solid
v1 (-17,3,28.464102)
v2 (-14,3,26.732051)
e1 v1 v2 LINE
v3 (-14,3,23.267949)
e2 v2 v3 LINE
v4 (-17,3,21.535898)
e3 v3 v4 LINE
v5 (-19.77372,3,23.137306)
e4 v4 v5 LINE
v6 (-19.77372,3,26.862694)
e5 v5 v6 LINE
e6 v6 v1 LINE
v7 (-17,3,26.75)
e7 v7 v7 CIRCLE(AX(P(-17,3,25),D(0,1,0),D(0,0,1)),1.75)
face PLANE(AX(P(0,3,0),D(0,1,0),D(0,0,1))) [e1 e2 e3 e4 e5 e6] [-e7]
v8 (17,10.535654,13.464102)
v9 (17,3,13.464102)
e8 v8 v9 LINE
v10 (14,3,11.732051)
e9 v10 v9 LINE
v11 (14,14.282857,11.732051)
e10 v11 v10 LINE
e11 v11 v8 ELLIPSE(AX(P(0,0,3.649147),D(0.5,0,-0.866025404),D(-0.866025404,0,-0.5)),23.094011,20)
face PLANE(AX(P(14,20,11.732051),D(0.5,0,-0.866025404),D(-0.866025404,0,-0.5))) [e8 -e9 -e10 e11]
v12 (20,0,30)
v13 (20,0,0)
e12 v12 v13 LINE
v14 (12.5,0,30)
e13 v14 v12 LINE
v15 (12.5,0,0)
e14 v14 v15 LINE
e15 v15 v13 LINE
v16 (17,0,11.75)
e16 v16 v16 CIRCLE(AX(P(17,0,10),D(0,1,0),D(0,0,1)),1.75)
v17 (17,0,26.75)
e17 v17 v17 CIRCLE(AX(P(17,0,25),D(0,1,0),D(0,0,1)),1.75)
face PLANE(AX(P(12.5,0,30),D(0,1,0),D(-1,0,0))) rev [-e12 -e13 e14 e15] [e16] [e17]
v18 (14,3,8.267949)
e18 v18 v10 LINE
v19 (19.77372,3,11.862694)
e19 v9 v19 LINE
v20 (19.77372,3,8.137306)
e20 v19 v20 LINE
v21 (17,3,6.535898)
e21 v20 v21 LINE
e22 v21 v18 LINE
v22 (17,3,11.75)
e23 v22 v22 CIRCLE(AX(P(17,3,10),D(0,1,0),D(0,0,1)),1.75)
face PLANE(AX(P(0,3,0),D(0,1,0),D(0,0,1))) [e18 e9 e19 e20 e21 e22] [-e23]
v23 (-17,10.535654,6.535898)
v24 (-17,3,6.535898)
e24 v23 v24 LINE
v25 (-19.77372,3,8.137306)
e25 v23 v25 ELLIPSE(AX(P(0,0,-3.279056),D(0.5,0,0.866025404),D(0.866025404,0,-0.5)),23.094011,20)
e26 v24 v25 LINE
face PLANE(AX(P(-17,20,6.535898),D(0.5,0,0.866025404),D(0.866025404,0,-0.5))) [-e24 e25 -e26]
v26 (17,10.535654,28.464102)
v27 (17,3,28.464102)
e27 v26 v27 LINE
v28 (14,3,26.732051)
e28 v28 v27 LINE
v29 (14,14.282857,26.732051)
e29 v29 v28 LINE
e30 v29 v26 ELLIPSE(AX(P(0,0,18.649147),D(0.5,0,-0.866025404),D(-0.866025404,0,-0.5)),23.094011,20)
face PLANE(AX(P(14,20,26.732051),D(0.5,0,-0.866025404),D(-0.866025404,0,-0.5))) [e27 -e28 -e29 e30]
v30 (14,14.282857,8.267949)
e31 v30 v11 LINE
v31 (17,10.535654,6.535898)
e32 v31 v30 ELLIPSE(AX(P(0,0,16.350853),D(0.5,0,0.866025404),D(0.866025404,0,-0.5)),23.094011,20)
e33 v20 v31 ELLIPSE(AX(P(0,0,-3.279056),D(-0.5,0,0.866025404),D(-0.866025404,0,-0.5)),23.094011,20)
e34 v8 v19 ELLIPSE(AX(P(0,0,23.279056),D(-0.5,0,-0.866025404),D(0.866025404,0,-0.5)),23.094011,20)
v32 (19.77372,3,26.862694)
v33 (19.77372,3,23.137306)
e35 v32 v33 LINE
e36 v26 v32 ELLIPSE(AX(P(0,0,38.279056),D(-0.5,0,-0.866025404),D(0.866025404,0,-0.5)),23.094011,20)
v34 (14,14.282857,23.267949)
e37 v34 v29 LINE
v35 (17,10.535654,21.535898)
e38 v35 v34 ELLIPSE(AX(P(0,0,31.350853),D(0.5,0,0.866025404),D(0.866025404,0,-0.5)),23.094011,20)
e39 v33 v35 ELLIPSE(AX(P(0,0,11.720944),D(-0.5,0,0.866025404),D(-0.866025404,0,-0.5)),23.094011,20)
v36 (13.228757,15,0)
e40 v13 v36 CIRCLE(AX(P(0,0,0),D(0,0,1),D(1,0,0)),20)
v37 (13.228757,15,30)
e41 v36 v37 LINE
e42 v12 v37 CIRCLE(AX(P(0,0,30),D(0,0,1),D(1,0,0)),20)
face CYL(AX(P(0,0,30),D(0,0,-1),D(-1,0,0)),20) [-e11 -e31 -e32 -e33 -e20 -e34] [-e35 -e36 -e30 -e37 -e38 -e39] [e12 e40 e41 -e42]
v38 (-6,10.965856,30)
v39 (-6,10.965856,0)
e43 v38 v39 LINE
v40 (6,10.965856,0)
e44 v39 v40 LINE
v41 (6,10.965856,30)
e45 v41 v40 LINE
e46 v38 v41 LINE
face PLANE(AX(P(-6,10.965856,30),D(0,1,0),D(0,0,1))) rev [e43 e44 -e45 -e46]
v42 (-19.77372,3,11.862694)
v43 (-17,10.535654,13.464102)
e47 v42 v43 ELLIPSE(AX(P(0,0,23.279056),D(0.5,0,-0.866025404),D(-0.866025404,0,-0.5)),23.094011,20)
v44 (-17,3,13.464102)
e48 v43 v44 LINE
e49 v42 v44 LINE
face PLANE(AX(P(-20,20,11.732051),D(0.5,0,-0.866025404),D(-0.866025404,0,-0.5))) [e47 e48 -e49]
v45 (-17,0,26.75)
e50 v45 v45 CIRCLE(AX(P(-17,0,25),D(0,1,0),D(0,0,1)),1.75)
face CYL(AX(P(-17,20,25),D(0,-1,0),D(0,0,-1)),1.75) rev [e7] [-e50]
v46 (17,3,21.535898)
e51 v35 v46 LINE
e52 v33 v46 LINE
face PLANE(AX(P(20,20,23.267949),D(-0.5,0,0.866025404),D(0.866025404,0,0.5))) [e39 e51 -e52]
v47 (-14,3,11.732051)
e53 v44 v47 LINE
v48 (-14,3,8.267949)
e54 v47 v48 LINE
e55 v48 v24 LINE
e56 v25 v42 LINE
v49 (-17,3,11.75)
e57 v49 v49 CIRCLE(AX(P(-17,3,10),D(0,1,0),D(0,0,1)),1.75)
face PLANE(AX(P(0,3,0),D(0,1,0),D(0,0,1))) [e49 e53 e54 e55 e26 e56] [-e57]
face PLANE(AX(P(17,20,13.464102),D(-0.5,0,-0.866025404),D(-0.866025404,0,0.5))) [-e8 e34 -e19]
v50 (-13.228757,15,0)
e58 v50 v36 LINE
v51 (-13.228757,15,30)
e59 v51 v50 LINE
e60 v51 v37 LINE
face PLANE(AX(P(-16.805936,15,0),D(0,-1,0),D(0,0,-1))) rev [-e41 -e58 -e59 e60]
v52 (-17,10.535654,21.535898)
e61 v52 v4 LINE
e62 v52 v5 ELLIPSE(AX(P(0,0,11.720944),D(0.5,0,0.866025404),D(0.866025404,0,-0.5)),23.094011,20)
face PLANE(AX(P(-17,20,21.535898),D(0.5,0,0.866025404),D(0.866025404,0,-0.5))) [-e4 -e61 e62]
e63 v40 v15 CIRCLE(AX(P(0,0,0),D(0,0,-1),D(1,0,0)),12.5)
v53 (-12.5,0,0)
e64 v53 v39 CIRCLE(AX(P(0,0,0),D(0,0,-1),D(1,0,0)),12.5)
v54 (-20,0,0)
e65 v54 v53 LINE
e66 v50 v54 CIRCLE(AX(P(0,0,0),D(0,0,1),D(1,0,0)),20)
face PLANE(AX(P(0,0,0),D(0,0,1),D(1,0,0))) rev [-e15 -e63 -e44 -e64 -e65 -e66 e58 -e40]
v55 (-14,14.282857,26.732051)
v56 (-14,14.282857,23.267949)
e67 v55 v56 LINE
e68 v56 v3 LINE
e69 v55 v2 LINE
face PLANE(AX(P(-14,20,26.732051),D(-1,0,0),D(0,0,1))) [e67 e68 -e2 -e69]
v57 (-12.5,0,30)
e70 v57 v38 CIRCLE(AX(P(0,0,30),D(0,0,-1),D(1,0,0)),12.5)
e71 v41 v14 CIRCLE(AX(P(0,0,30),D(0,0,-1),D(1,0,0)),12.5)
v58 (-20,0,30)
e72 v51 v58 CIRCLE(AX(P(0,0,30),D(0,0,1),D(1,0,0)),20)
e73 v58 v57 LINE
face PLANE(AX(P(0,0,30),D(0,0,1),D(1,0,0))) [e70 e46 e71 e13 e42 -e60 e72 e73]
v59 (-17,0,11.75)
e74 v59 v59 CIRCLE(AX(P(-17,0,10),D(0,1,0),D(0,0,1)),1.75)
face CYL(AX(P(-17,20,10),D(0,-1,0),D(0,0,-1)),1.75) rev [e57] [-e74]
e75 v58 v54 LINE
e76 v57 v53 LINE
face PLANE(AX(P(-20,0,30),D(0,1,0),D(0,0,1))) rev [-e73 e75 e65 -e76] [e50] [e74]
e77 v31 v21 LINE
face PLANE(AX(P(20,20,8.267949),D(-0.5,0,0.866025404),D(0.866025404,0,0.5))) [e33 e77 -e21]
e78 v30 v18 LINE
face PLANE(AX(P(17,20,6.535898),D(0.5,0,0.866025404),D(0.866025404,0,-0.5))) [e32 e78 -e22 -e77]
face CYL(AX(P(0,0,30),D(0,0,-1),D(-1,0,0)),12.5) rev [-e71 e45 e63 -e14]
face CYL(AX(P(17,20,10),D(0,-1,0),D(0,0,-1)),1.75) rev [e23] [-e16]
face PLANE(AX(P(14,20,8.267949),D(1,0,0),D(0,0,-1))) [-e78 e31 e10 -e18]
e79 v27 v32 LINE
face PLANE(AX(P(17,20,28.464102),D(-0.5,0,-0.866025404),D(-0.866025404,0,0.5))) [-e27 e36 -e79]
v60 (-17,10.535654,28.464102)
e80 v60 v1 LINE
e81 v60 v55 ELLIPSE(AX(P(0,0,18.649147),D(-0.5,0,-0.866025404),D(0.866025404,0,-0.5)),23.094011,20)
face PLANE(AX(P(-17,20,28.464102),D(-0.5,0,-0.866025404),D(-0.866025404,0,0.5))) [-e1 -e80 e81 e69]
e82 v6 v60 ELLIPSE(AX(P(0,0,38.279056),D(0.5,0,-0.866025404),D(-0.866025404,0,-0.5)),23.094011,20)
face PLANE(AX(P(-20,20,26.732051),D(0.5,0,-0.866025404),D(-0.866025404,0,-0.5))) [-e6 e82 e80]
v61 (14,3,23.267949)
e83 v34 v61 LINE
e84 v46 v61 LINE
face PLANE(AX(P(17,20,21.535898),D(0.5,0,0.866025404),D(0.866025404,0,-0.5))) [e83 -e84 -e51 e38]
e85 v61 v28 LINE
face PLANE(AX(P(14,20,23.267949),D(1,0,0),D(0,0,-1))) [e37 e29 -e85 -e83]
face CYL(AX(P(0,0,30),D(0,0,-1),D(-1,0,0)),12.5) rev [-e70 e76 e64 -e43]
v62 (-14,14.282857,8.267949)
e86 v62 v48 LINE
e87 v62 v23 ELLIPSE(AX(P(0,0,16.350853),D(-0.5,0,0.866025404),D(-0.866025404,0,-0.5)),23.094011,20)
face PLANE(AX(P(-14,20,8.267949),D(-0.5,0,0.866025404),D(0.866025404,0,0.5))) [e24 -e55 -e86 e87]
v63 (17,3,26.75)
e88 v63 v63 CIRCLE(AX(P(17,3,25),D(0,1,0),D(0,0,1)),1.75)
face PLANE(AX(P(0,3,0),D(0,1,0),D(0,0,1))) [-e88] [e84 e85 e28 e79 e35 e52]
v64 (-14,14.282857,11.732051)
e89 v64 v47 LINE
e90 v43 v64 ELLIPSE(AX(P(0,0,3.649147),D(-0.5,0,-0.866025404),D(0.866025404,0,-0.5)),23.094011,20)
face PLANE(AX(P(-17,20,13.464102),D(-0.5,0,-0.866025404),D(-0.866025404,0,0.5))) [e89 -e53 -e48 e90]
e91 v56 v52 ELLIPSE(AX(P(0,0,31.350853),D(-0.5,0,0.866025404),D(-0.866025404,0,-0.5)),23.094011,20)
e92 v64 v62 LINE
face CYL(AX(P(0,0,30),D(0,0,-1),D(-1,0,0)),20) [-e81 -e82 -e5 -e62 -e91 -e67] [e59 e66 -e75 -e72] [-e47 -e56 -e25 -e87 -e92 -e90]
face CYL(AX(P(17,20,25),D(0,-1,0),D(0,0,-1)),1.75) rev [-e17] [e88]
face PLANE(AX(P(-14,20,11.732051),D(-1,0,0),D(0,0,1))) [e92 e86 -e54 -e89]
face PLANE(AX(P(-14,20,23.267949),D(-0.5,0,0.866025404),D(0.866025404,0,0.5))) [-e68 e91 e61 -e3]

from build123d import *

# Parameters (mm, degrees)
BOSS_EXTRUDE1_DEPTH = 30
SKETCH2_R           = 1.75
CUT_EXTRUDE2_DEPTH  = 42.231056256
CUT_EXTRUDE3_DEPTH  = 40.862263024
SKETCH5_W           = 33.611871568
SKETCH5_H           = 10
CUT_EXTRUDE4_DEPTH  = 42.231056256


with BuildPart() as part:
    # Sketch1 → Boss-Extrude1 (new body)
    with BuildSketch(Plane.XY):
        with BuildLine():
            Line((-20, 0), (-12.5, 0))
            ThreePointArc((-12.5, 0), (-10.752906584, 6.373774392), (-6, 10.9658561))
            Line((-6, 10.9658561), (6, 10.9658561))
            ThreePointArc((6, 10.9658561), (10.752906584, 6.373774392), (12.5, 0))
            Line((12.5, 0), (20, 0))
            ThreePointArc((20, 0), (0, 20), (-20, 0))
        make_face()
    extrude(amount=BOSS_EXTRUDE1_DEPTH)

    # Sketch2 → Cut-Extrude2 (cut, through all)
    with BuildSketch(Plane(origin=(0, 0, 0), x_dir=(1, 0, 0), z_dir=(0, 1, 0))):
        with Locations(Location((-17, -10, 0), (0, 0, 90))):
            Circle(SKETCH2_R)
        with Locations(Location((17, -10, 0), (0, 0, 90))):
            Circle(SKETCH2_R)
        with Locations(Location((17, -25, 0), (0, 0, 90))):
            Circle(SKETCH2_R)
        with Locations(Location((-17, -25, 0), (0, 0, 90))):
            Circle(SKETCH2_R)
    extrude(amount=CUT_EXTRUDE2_DEPTH, mode=Mode.SUBTRACT)

    # Sketch4 → Cut-Extrude3 (cut, through all)
    with BuildSketch(Plane(origin=(0, 3, 0), x_dir=(1, 0, 0), z_dir=(0, 1, 0))):
        Polygon((-17, -6.535898385), (-20, -8.267949192), (-20, -11.732050808), (-17, -13.464101615), (-14, -11.732050808), (-14, -8.267949192), align=None)
        Polygon((-17, -21.535898385), (-20, -23.267949192), (-20, -26.732050808), (-17, -28.464101615), (-14, -26.732050808), (-14, -23.267949192), align=None)
        Polygon((17, -21.535898385), (14, -23.267949192), (14, -26.732050808), (17, -28.464101615), (20, -26.732050808), (20, -23.267949192), align=None)
        Polygon((14, -8.267949192), (14, -11.732050808), (17, -13.464101615), (20, -11.732050808), (20, -8.267949192), (17, -6.535898385), align=None)
    extrude(amount=CUT_EXTRUDE3_DEPTH, mode=Mode.SUBTRACT)

    # Sketch5 → Cut-Extrude4 (cut, through all)
    with BuildSketch(Plane.XY.offset(30)):
        with Locations((0, 20)):
            Rectangle(SKETCH5_W, SKETCH5_H)
    extrude(amount=-CUT_EXTRUDE4_DEPTH, mode=Mode.SUBTRACT)


solid = part.part
